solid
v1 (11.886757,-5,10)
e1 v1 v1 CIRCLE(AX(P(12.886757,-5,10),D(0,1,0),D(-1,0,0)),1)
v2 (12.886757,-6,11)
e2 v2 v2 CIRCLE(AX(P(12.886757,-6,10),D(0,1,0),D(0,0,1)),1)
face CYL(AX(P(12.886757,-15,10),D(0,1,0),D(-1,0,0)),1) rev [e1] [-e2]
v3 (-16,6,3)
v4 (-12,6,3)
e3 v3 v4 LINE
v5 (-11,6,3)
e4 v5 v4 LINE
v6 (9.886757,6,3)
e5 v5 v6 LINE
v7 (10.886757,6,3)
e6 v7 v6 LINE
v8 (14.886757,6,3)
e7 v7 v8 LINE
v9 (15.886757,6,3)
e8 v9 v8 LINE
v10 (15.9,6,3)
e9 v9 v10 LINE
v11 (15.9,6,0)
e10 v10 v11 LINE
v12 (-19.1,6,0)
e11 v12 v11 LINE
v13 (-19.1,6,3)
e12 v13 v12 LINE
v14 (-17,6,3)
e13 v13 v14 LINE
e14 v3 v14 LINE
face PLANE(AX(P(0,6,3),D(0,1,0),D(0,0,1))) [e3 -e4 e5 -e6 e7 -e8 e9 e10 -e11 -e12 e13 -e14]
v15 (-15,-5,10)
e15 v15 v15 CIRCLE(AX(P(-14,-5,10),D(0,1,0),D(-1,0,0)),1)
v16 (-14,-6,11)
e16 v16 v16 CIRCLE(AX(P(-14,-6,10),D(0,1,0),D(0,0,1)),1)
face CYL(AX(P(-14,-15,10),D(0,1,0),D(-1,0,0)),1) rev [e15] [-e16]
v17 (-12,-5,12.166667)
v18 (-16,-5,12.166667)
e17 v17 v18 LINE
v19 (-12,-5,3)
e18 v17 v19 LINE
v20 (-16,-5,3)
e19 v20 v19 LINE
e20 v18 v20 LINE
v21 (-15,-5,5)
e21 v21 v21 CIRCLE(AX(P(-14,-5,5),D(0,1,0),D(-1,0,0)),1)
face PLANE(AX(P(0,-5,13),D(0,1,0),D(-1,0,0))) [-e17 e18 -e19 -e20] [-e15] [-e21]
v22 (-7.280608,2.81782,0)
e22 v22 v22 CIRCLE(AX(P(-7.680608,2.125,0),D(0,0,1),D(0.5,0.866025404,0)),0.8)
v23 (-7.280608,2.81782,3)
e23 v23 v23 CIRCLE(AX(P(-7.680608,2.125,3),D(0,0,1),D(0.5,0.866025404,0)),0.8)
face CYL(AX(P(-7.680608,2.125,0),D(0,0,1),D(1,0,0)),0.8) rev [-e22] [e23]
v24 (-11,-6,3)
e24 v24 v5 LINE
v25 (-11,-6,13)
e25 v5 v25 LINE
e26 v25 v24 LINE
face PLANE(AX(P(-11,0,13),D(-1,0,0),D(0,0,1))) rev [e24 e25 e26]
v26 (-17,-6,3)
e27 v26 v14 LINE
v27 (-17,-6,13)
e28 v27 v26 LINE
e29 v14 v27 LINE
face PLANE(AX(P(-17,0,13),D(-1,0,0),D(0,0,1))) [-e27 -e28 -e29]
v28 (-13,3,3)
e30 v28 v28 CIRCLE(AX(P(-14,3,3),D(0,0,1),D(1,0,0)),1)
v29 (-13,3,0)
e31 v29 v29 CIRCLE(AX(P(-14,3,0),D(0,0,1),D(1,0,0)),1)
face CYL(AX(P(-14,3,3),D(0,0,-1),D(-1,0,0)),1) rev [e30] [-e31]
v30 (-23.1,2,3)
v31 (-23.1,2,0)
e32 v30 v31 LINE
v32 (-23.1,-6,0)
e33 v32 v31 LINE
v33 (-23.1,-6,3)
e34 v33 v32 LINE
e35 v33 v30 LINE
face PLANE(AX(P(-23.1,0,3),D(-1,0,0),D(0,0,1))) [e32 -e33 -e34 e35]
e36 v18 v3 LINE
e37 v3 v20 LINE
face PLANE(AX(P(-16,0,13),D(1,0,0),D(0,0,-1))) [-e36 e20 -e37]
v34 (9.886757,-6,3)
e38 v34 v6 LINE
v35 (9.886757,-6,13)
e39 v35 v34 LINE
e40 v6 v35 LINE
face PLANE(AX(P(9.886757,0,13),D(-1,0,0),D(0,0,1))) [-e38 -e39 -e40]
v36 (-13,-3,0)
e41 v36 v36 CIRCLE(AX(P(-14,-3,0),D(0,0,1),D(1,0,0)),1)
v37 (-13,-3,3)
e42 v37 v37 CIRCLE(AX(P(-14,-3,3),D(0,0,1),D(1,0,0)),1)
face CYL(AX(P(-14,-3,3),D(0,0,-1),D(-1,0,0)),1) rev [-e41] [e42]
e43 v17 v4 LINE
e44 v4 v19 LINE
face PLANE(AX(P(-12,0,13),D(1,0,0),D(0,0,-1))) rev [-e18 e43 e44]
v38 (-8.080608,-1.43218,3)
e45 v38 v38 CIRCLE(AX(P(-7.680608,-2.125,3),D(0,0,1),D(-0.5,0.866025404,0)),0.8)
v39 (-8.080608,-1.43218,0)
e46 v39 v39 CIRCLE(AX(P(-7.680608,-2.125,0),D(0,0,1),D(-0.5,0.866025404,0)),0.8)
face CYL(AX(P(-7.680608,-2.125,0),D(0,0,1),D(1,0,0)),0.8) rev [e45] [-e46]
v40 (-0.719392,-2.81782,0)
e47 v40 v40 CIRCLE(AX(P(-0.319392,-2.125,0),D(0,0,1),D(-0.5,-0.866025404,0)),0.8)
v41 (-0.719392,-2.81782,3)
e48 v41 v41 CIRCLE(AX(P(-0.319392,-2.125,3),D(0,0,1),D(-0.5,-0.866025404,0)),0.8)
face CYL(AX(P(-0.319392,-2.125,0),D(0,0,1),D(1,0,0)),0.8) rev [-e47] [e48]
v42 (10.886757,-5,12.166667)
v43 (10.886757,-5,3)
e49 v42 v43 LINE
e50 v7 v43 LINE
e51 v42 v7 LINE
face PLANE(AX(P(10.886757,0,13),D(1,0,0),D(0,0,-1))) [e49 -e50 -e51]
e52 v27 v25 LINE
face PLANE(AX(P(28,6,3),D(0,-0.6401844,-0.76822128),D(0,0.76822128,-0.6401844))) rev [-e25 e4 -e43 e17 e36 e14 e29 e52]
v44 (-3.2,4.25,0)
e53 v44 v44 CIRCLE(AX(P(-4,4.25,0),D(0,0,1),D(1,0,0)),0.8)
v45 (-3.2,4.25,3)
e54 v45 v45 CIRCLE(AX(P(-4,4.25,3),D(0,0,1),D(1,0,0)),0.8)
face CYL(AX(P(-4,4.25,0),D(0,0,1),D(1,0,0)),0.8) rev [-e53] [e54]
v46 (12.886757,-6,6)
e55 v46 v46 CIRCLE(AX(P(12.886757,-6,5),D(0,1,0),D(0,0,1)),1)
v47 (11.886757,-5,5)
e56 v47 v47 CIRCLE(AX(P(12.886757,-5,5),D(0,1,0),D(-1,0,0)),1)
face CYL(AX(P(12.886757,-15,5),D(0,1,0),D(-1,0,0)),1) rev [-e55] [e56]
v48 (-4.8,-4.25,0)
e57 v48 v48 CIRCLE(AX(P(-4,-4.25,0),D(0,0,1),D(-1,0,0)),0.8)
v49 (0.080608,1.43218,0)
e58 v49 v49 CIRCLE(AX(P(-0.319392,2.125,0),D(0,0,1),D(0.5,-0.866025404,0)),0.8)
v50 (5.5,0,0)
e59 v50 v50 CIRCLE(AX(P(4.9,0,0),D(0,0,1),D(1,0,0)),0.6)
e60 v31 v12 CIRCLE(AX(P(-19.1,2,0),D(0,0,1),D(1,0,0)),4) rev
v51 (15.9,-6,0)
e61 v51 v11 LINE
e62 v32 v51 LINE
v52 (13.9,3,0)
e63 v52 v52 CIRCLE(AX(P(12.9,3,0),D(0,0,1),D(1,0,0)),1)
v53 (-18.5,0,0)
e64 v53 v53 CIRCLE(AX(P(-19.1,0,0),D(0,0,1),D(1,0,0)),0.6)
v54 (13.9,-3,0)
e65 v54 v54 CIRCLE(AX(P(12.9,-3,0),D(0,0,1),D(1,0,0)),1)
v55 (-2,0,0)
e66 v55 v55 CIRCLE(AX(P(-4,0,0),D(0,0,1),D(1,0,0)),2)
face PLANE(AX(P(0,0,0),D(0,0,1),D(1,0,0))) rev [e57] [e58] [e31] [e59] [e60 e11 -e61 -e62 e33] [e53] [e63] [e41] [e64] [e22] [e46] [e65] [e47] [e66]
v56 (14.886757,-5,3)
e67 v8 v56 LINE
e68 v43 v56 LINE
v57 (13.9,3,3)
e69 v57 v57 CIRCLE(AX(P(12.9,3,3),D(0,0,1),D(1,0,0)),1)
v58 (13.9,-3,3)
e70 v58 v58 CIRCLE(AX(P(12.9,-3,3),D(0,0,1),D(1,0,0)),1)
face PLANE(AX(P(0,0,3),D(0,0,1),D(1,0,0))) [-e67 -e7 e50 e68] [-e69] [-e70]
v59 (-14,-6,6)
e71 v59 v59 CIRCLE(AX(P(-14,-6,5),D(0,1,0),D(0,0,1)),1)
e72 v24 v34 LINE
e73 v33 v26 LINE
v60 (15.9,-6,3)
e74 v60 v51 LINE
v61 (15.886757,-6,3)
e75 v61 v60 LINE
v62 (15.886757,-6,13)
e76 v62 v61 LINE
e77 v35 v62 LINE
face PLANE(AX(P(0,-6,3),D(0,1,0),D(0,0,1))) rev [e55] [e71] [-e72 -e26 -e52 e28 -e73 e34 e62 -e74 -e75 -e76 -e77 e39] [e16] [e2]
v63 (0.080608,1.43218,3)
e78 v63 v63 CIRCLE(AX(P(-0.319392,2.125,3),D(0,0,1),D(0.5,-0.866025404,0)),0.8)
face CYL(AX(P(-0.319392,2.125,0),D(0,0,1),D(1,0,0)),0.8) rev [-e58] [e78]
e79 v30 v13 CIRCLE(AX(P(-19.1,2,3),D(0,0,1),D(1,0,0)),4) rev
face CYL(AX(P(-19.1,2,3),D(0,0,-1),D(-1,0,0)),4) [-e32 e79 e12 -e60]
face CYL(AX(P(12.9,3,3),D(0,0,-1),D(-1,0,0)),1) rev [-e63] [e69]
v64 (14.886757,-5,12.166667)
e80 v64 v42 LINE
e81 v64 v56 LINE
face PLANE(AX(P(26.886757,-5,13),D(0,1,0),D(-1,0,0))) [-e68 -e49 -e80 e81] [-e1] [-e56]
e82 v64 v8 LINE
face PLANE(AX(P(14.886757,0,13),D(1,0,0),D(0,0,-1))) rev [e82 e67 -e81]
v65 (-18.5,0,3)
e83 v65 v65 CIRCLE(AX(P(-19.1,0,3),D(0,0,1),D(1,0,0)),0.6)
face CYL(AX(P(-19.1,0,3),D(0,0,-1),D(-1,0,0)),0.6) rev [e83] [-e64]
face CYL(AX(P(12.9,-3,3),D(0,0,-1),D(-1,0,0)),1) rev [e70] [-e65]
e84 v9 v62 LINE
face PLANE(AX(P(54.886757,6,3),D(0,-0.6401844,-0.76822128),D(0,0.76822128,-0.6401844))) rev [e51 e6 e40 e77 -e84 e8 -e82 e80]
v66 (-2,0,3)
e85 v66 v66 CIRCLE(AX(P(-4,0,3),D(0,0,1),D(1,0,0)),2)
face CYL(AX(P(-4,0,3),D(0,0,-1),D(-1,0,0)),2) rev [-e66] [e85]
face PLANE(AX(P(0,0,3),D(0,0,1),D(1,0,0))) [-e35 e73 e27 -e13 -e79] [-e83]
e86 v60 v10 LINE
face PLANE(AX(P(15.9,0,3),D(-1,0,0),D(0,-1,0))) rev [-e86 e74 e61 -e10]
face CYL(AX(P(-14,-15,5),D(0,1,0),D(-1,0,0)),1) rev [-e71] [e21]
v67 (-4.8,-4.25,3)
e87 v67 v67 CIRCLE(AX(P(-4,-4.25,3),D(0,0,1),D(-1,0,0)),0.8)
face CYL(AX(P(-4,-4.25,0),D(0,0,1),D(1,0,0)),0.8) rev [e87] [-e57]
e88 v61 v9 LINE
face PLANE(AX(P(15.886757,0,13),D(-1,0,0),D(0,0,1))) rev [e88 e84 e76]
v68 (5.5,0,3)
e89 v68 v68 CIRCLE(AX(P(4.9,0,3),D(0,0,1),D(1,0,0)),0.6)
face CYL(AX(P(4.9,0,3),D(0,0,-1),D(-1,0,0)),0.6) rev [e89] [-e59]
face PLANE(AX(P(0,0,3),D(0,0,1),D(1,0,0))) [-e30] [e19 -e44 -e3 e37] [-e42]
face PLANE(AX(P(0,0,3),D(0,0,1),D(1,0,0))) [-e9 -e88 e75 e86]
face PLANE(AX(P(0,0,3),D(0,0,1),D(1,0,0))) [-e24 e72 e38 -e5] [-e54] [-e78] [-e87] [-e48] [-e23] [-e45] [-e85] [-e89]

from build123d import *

# Parameters (mm, degrees)
SKETCH1_R           = 2
SKETCH1_R_2         = 0.6
SKETCH1_R_3         = 1
BOSS_EXTRUDE1_DEPTH = 3
SKETCH3_R           = 0.8
CUT_EXTRUDE1_DEPTH  = 3
CIRPATTERN1_COUNT   = 6
BOSS_EXTRUDE3_DEPTH = 10
CUT_EXTRUDE2_DEPTH  = 45
SKETCH7_R           = 1
CUT_EXTRUDE3_DEPTH  = 10
LPATTERN1_COUNT     = 2
LPATTERN1_PITCH     = 26.886757186


with BuildPart() as part:
    # Sketch1 → Boss-Extrude1 (new body)
    with BuildSketch(Plane.XY):
        with BuildLine():
            Line((-23.1, -6), (15.9, -6))
            Line((15.9, -6), (15.9, 6))
            Line((15.9, 6), (-19.1, 6))
            ThreePointArc((-19.1, 6), (-21.928427125, 4.828427125), (-23.1, 2))
            Line((-23.1, 2), (-23.1, -6))
        make_face()
        with Locations((-4, 0)):
            Circle(SKETCH1_R, mode=Mode.SUBTRACT)
        with Locations((4.9, 0)):
            Circle(SKETCH1_R_2, mode=Mode.SUBTRACT)
        with Locations((-19.1, 0)):
            Circle(SKETCH1_R_2, mode=Mode.SUBTRACT)
        with Locations((12.9, 3)):
            Circle(SKETCH1_R_3, mode=Mode.SUBTRACT)
        with Locations((12.9, -3)):
            Circle(SKETCH1_R_3, mode=Mode.SUBTRACT)
        with Locations((-14, -3)):
            Circle(SKETCH1_R_3, mode=Mode.SUBTRACT)
        with Locations((-14, 3)):
            Circle(SKETCH1_R_3, mode=Mode.SUBTRACT)
    extrude(amount=BOSS_EXTRUDE1_DEPTH)

    # Sketch3 → Cut-Extrude1 (cut)
    with BuildSketch(Plane.XY.offset(3)):
        with Locations((-4, 4.25)):
            Circle(SKETCH3_R)
    cut_extrude1 = extrude(amount=-CUT_EXTRUDE1_DEPTH, mode=Mode.SUBTRACT)

    # CirPattern1: Cut-Extrude1 ×6 about axis
    cirpattern1_axis = Axis((-4, 0, 0), (0, 0, 1))
    for i in range(1, CIRPATTERN1_COUNT):
        add(cut_extrude1.rotate(cirpattern1_axis, i * 360 / CIRPATTERN1_COUNT), mode=Mode.SUBTRACT)

    # Sketch4 → Boss-Extrude3 (add)
    with BuildSketch(Plane.XY.offset(3)):
        Polygon((-17, 6), (-17, -6), (-11, -6), (-11, 6), (-12, 6), (-12, -5), (-16, -5), (-16, 6), align=None)
    boss_extrude3 = extrude(amount=BOSS_EXTRUDE3_DEPTH)

    # Sketch5 → Cut-Extrude2 (cut)
    with BuildSketch(Plane.ZY.offset(17)):
        Polygon((3, 6), (13, -6), (13, 6), align=None)
    cut_extrude2 = extrude(amount=-CUT_EXTRUDE2_DEPTH, mode=Mode.SUBTRACT)

    # Sketch7 → Cut-Extrude3 (cut)
    with BuildSketch(Plane(origin=(0, -5, 0), x_dir=(1, 0, 0), z_dir=(0, 1, 0))):
        with Locations((-14, -5)):
            Circle(SKETCH7_R)
        with Locations((-14, -10)):
            Circle(SKETCH7_R)
    cut_extrude3 = extrude(amount=-CUT_EXTRUDE3_DEPTH, mode=Mode.SUBTRACT)

    # LPattern1: Boss-Extrude3, Cut-Extrude2, Cut-Extrude3 ×2
    with Locations(*[(i * LPATTERN1_PITCH, 0, 0) for i in range(1, LPATTERN1_COUNT)]):
        add(boss_extrude3)
        add(cut_extrude2, mode=Mode.SUBTRACT)
        add(cut_extrude3, mode=Mode.SUBTRACT)


solid = part.part
